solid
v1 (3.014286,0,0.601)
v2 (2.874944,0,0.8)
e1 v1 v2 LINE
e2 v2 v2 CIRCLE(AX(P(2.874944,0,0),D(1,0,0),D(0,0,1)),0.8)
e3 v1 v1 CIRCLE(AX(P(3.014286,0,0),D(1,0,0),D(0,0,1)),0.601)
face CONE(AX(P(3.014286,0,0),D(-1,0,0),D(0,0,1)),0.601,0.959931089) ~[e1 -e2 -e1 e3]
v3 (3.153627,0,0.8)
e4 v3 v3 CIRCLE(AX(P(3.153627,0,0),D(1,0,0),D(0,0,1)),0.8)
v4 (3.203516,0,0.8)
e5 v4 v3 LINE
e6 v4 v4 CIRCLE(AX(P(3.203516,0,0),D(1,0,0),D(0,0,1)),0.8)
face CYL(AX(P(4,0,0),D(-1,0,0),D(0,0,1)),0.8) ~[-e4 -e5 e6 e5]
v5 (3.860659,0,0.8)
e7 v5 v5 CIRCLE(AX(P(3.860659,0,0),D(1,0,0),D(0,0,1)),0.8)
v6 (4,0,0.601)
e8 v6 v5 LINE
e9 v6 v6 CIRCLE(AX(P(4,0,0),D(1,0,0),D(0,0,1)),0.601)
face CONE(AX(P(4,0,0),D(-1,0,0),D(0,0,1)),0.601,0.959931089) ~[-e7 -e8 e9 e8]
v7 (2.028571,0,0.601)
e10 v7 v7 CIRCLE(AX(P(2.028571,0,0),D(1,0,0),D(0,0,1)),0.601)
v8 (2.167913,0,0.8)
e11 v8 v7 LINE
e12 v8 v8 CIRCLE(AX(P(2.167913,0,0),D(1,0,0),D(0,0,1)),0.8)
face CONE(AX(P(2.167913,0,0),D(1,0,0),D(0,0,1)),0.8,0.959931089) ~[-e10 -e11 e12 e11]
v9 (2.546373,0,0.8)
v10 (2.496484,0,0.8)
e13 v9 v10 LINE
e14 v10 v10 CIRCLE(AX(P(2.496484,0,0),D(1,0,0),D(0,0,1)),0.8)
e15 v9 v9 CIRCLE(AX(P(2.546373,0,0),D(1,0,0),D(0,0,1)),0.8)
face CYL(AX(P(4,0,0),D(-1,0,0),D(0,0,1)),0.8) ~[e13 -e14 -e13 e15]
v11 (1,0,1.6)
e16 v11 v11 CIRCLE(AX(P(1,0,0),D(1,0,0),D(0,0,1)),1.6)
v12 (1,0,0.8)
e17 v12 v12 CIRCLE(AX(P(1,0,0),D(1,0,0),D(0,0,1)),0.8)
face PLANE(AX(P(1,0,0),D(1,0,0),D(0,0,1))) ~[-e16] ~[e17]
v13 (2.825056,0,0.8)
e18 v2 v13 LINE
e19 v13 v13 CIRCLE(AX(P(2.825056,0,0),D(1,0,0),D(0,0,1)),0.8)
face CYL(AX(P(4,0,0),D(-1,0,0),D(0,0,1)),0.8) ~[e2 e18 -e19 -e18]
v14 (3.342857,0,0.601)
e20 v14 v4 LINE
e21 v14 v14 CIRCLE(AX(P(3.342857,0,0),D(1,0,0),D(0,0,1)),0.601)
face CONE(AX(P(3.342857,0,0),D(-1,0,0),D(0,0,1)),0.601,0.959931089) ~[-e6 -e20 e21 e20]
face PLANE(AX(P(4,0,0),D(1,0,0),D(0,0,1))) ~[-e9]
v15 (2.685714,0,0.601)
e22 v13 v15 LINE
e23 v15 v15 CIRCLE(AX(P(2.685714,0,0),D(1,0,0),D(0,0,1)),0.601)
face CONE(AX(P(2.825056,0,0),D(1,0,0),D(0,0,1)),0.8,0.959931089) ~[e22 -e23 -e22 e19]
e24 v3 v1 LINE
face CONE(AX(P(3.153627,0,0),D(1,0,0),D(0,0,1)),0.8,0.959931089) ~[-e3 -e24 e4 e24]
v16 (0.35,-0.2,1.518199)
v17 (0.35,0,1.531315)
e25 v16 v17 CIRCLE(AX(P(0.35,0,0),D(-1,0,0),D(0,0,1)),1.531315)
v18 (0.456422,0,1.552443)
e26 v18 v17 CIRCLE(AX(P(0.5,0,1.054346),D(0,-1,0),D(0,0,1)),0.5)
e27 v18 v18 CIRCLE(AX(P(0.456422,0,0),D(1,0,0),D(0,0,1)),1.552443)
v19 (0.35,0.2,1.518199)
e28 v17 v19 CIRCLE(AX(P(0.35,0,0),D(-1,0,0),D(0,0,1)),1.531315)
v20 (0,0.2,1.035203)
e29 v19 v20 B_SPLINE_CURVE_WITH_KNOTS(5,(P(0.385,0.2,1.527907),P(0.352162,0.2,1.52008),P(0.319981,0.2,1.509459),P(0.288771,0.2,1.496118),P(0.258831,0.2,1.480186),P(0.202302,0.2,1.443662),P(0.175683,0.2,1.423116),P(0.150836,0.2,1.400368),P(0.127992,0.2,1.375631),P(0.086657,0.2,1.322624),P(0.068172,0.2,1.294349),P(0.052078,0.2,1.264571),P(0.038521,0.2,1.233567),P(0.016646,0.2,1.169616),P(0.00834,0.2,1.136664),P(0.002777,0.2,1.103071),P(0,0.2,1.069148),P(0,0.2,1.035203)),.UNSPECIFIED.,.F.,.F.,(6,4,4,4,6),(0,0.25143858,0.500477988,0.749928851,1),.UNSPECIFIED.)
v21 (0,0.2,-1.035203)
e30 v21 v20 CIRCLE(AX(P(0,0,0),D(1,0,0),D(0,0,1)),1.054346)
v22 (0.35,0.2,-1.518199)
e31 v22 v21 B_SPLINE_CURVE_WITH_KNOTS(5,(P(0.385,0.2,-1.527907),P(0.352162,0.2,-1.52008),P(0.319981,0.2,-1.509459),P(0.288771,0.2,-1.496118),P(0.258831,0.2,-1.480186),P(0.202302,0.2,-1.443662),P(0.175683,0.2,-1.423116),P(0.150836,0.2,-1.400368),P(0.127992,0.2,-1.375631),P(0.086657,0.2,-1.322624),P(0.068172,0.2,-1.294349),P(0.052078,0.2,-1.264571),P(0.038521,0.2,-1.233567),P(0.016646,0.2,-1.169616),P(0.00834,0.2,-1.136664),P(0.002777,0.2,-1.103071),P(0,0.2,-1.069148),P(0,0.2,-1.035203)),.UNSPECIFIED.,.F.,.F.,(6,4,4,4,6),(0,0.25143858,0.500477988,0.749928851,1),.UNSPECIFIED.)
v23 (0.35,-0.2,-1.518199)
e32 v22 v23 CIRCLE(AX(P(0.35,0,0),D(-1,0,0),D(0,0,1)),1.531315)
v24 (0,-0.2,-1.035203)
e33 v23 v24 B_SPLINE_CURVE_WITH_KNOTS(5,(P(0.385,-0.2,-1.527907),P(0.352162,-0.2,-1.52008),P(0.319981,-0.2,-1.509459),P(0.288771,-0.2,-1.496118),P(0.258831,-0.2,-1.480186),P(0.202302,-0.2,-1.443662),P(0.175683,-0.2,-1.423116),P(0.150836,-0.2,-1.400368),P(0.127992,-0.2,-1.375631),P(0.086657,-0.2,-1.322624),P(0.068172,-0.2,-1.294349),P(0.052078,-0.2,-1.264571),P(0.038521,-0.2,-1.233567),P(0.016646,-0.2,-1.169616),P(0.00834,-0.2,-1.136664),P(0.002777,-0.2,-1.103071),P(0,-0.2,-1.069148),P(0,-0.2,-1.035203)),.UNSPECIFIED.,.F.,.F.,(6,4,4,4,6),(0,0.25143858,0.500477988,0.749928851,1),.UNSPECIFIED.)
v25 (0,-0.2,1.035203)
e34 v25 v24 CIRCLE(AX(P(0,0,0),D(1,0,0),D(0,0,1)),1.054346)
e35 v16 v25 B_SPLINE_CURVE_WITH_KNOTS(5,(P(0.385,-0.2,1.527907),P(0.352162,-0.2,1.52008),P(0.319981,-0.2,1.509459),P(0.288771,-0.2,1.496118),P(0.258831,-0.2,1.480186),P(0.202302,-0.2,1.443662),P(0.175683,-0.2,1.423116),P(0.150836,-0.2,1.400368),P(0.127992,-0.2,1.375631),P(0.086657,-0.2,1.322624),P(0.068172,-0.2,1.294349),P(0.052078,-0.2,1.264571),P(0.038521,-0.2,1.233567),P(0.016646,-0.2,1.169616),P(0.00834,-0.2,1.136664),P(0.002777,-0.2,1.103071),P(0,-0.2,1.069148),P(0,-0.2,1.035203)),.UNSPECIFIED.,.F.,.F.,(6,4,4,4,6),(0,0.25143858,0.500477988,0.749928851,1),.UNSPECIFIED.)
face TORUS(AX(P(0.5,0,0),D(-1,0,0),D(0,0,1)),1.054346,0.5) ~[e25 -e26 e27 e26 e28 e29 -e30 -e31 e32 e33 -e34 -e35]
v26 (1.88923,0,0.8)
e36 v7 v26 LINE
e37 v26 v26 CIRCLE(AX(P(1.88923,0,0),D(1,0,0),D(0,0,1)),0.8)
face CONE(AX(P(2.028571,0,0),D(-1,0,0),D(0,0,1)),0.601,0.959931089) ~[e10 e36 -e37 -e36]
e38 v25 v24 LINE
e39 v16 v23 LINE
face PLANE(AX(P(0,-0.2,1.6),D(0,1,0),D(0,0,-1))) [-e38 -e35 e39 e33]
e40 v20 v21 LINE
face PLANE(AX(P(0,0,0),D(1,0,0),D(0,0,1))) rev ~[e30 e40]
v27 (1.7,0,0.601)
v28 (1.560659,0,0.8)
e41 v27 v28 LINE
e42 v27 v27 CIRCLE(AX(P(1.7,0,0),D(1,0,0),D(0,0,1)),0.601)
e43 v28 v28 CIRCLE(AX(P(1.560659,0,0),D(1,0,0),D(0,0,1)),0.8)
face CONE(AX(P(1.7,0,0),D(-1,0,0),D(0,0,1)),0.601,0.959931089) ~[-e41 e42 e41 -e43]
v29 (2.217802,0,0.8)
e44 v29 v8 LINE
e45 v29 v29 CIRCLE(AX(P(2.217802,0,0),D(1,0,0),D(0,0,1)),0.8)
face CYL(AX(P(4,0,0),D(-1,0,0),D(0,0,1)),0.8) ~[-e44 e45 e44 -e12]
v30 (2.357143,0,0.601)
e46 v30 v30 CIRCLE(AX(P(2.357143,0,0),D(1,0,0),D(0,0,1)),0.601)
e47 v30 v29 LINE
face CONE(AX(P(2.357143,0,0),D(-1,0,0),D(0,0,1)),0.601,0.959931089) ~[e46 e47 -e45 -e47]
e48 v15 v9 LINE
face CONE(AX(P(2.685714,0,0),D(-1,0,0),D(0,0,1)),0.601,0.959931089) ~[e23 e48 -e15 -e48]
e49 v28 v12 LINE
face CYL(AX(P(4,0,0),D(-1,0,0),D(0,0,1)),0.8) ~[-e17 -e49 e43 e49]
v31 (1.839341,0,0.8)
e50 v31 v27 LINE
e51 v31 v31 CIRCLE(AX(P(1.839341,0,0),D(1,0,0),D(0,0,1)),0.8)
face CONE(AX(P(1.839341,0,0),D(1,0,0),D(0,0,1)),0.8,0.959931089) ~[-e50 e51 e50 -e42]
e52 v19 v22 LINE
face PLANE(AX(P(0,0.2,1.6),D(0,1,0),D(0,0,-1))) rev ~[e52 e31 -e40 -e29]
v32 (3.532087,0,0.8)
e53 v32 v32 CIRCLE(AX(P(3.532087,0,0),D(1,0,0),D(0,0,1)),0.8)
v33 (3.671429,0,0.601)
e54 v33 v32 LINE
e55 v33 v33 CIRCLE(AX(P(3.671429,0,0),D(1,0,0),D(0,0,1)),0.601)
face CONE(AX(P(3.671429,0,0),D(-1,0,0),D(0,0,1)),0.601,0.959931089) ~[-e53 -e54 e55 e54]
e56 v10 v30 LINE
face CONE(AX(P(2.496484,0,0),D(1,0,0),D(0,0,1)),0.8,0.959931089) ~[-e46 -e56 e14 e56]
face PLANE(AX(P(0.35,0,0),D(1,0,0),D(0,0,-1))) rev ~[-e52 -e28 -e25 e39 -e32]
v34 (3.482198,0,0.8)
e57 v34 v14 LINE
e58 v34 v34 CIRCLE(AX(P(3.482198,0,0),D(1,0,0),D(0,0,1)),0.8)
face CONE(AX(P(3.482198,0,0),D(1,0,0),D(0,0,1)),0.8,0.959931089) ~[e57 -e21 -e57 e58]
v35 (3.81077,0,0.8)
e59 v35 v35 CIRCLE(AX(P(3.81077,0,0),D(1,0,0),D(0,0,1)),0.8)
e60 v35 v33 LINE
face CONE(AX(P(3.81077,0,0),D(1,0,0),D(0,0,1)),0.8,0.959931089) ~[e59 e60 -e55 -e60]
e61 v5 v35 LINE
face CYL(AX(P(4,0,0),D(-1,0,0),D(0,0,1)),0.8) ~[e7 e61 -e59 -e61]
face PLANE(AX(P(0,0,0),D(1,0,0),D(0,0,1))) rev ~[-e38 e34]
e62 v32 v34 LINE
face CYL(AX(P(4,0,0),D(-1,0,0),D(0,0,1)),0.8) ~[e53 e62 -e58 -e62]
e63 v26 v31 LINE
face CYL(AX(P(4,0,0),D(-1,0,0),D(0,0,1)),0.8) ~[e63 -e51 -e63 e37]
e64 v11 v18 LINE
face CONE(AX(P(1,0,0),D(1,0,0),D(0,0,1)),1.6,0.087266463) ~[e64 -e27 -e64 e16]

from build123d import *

# Parameters (mm, degrees)
FILLET2_R       = 0.5
SKETCH2_W       = 3.2
SKETCH2_H       = 0.4
SLOT_DEPTH      = 0.35
THDSCHPAT_COUNT = 8
THDSCHPAT_PITCH = 0.328571429


with BuildPart() as part:
    # BodySke → Base-Revolve (revolve)
    with BuildSketch(Plane.XY, mode=Mode.PRIVATE) as base_revolve_sk:
        Polygon((1, 0.8), (1, 1.6), (0, 1.512511336), (0, 0), (4, 0), (4, 0.8), align=None)
    revolve(base_revolve_sk.sketch.rotate(Axis((-25.4, 0, 0), (1, 0, 0)), 90), axis=Axis((-25.4, 0, 0), (1, 0, 0)))

    # Fillet2
    fillet2_edges = [part.edges().sort_by_distance(p)[0] for p in [
        (0, 0, -1.512511336),
    ]]
    fillet(fillet2_edges, radius=FILLET2_R)

    # Sketch2 → Slot (cut)
    with BuildSketch(Plane(origin=(0, 0, 0), x_dir=(0, 0, -1), z_dir=(1, 0, 0))):
        Rectangle(SKETCH2_W, SKETCH2_H)
    extrude(amount=SLOT_DEPTH, mode=Mode.SUBTRACT)

    # ThdSchSke → ThreadSchematic (revolve, cut)
    with BuildSketch(Plane.XY, mode=Mode.PRIVATE) as threadschematic_sk:
        Polygon((1.7, -0.601), (1.5606587, -0.8), (1.5606587, -1), (1.8393413, -1), (1.8393413, -0.8), align=None)
    threadschematic = revolve(threadschematic_sk.sketch.rotate(Axis((-3.175, 0, 0), (1, 0, 0)), 270), axis=Axis((-3.175, 0, 0), (1, 0, 0)), mode=Mode.SUBTRACT)

    # ThdSchPat: ThreadSchematic ×8
    with Locations(*[(i * THDSCHPAT_PITCH, 0, 0) for i in range(1, THDSCHPAT_COUNT)]):
        add(threadschematic, mode=Mode.SUBTRACT)


solid = part.part
